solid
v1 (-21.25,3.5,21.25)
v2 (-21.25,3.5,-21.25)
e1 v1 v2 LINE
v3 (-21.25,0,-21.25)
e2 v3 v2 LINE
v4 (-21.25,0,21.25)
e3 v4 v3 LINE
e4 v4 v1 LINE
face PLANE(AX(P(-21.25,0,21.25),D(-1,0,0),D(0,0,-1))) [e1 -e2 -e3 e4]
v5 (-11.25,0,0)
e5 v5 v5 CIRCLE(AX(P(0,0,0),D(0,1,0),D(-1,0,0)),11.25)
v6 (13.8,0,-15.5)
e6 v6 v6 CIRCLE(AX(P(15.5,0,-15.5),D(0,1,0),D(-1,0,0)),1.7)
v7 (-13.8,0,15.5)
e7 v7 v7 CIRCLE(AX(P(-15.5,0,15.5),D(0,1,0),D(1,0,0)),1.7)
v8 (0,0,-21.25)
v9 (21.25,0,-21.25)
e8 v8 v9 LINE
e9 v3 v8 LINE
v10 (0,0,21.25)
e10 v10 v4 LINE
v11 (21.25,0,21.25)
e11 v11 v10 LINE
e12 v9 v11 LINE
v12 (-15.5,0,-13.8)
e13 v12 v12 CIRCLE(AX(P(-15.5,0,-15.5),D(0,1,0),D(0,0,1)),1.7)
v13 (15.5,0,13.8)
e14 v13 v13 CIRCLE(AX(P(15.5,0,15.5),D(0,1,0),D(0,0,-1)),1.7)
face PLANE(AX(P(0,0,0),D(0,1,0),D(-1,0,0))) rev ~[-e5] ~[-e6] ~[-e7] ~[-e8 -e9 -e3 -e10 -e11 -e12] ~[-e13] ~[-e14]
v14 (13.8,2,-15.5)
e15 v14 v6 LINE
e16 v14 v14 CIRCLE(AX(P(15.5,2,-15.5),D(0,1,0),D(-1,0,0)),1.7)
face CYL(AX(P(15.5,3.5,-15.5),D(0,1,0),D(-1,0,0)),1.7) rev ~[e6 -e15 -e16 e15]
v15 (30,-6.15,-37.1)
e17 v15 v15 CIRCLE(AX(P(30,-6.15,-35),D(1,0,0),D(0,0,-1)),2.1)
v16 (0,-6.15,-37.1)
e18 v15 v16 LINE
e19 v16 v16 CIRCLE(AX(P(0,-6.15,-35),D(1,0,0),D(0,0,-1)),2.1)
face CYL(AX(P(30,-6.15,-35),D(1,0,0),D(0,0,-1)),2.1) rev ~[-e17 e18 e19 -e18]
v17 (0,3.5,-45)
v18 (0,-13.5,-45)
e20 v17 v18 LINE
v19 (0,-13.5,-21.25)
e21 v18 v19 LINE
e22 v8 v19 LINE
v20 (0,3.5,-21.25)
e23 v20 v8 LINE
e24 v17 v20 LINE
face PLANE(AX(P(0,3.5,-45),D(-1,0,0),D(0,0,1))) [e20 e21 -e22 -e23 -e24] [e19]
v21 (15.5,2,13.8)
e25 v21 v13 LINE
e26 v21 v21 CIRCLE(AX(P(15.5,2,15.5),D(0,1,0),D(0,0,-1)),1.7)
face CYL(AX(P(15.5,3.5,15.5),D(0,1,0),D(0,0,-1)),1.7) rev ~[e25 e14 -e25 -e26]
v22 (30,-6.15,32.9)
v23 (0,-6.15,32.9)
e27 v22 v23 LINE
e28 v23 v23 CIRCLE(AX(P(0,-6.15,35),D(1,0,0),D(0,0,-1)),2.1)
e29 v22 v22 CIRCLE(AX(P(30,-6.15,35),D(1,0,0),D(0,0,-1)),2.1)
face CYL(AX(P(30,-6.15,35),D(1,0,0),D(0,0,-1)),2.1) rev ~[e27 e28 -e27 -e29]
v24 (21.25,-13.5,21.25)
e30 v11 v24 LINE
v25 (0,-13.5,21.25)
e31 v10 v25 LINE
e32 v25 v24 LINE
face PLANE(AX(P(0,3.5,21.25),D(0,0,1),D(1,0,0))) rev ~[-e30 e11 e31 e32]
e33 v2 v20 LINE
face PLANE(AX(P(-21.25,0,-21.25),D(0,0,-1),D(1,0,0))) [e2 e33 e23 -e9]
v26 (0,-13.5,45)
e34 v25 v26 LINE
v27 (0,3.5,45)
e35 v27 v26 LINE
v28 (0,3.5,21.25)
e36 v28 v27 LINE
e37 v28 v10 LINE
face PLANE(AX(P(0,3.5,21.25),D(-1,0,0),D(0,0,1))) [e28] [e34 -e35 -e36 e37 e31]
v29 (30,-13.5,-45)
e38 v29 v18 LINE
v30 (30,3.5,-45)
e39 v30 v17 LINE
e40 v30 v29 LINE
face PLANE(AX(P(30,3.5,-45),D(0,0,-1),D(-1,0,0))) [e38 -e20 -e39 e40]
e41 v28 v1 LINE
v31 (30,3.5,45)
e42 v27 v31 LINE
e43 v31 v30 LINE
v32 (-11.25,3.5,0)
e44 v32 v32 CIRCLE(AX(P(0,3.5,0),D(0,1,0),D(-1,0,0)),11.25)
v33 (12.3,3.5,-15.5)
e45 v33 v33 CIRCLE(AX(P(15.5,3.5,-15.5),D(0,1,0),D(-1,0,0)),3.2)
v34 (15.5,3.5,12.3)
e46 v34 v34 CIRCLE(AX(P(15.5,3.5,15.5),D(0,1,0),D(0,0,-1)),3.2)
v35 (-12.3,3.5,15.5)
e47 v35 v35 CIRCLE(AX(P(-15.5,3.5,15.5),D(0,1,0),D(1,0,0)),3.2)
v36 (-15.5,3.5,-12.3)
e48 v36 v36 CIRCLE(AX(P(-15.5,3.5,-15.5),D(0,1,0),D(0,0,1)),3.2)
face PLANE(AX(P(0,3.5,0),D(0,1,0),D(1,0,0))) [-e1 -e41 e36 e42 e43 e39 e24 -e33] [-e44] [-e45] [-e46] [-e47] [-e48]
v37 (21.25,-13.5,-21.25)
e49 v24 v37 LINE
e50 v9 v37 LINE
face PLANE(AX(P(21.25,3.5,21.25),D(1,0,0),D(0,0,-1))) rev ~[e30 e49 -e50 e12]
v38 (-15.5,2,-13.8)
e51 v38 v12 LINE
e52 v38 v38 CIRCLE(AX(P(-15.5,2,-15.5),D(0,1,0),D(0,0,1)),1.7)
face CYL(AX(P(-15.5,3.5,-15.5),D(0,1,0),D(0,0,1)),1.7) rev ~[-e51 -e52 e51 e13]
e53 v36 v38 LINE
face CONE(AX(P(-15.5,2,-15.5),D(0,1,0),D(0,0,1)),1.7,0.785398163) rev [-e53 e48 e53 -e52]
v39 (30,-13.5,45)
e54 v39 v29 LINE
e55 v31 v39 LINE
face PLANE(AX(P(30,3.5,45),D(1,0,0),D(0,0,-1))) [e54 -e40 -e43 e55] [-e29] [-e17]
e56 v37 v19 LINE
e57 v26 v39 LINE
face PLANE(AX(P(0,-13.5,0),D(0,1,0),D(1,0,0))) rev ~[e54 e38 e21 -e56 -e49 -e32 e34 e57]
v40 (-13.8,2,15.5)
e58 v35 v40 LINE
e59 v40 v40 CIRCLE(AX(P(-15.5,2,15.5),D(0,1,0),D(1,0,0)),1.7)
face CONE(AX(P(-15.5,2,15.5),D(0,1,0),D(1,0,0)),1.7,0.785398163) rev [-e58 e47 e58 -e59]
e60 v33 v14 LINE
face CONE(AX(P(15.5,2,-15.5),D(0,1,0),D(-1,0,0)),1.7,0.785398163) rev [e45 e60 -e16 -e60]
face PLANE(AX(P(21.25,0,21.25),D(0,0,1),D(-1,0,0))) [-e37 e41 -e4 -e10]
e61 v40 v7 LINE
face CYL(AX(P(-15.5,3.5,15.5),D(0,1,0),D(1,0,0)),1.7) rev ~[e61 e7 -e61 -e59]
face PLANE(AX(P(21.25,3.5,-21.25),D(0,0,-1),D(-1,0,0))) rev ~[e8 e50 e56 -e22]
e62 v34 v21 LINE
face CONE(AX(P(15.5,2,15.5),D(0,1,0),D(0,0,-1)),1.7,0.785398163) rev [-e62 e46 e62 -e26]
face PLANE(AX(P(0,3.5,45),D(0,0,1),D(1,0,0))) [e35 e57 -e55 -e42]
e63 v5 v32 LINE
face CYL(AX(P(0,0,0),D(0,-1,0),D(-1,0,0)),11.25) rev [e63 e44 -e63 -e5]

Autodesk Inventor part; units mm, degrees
ref_plane "YZ Plane" through (0, 0, 0) normal (1, 0, 0) x (0, 1, 0)
ref_plane "XZ Plane" through (0, 0, 0) normal (0, 1, 0) x (-1, 0, 0)
ref_plane "XY Plane" through (0, 0, 0) normal (0, 0, 1) x (1, 0, 0)
sketch "Boceto1" plane through (0, 0, 0) normal (0, 1, 0) x (-1, 0, 0)
  circle A0 centre (0, 0) radius 11.25
  line L0 (-21.25, 21.25) -> (21.25, 21.25)
  line L1 (21.25, 21.25) -> (21.25, -21.25)
  line L2 (21.25, -21.25) -> (-21.25, -21.25)
  line L3 (-21.25, -21.25) -> (-21.25, 21.25)
  line L4 (-21.25, 21.25) -> (21.25, -21.25) construction
  line L5 (21.25, 21.25) -> (-21.25, -21.25) construction
  dimension "d0" = 22.5
  dimension "d1" = 42.5
  dimension "d2" = 42.5
extrude "Extrusión1" add sketch "Boceto1" along normal blind 3.5
sketch "Boceto2" plane through (0, 3.5, 0) normal (0, 1, 0) x (1, 0, 0)
  circle A0 centre (-15.5, -15.5) radius 1.7
  point P0 (0, 0)
  dimension "d5" = 15.5
  dimension "d6" = 15.5
  dimension "d7" = 3.4
extrude "Extrusión2" cut sketch "Boceto2" against normal through all
chamfer "Chaflán1" distance 1.5 angle 45 1 edges at (-17.2, 3.5, 15.5)
pattern_circular "Patrón circular1" count 4 over 360 about axis through (0, 0, 0) along (0, 1, 0) of "Extrusión2", "Chaflán1"
sketch "Boceto3" plane through (0, 3.5, 0) normal (0, 1, 0) x (1, 0, 0)
  circle A0 centre (15.5, 15.5) radius 3.2 projected
  circle A1 centre (-15.5, -15.5) radius 3.2 projected
  line L0 (21.25, 21.25) -> (-21.25, 21.25) projected
  line L1 (-21.25, 21.25) -> (-21.25, -21.25) projected
  line L2 (-21.25, -21.25) -> (21.25, -21.25) projected
  line L3 (21.25, -21.25) -> (21.25, 21.25) projected
  circle A2 centre (0, 0) radius 11.25 projected
  circle A3 centre (15.5, -15.5) radius 3.2 projected
  circle A4 centre (-15.5, 15.5) radius 3.2 projected
  line L4 (0, -45) -> (30, -45)
  line L5 (30, -45) -> (30, 45)
  line L6 (30, 45) -> (0, 45)
  line L7 (0, 45) -> (0, -45)
  point P0 (0, -21.25)
  point P1 (0, 21.25)
  dimension "d16" = 90
  dimension "d17" = 45
  dimension "d18" = 0
  dimension "d19" = 30
extrude "Extrusión3" add sketch "Boceto3" against normal blind 17 contours L0 L7 L6 L5 L4 L2 L3
sketch "Boceto4" plane through (30, 3.5, 45) normal (1, 0, 0) x (0, 0, -1)
  circle A0 centre (10, -9.65) radius 2.1 projected
  circle A1 centre (80, -9.65) radius 2.1 projected
  point P0 (45, -3.5)
extrude "Extrusión4" cut sketch "Boceto4" against normal through all
properties part number "shoulder motor support"
